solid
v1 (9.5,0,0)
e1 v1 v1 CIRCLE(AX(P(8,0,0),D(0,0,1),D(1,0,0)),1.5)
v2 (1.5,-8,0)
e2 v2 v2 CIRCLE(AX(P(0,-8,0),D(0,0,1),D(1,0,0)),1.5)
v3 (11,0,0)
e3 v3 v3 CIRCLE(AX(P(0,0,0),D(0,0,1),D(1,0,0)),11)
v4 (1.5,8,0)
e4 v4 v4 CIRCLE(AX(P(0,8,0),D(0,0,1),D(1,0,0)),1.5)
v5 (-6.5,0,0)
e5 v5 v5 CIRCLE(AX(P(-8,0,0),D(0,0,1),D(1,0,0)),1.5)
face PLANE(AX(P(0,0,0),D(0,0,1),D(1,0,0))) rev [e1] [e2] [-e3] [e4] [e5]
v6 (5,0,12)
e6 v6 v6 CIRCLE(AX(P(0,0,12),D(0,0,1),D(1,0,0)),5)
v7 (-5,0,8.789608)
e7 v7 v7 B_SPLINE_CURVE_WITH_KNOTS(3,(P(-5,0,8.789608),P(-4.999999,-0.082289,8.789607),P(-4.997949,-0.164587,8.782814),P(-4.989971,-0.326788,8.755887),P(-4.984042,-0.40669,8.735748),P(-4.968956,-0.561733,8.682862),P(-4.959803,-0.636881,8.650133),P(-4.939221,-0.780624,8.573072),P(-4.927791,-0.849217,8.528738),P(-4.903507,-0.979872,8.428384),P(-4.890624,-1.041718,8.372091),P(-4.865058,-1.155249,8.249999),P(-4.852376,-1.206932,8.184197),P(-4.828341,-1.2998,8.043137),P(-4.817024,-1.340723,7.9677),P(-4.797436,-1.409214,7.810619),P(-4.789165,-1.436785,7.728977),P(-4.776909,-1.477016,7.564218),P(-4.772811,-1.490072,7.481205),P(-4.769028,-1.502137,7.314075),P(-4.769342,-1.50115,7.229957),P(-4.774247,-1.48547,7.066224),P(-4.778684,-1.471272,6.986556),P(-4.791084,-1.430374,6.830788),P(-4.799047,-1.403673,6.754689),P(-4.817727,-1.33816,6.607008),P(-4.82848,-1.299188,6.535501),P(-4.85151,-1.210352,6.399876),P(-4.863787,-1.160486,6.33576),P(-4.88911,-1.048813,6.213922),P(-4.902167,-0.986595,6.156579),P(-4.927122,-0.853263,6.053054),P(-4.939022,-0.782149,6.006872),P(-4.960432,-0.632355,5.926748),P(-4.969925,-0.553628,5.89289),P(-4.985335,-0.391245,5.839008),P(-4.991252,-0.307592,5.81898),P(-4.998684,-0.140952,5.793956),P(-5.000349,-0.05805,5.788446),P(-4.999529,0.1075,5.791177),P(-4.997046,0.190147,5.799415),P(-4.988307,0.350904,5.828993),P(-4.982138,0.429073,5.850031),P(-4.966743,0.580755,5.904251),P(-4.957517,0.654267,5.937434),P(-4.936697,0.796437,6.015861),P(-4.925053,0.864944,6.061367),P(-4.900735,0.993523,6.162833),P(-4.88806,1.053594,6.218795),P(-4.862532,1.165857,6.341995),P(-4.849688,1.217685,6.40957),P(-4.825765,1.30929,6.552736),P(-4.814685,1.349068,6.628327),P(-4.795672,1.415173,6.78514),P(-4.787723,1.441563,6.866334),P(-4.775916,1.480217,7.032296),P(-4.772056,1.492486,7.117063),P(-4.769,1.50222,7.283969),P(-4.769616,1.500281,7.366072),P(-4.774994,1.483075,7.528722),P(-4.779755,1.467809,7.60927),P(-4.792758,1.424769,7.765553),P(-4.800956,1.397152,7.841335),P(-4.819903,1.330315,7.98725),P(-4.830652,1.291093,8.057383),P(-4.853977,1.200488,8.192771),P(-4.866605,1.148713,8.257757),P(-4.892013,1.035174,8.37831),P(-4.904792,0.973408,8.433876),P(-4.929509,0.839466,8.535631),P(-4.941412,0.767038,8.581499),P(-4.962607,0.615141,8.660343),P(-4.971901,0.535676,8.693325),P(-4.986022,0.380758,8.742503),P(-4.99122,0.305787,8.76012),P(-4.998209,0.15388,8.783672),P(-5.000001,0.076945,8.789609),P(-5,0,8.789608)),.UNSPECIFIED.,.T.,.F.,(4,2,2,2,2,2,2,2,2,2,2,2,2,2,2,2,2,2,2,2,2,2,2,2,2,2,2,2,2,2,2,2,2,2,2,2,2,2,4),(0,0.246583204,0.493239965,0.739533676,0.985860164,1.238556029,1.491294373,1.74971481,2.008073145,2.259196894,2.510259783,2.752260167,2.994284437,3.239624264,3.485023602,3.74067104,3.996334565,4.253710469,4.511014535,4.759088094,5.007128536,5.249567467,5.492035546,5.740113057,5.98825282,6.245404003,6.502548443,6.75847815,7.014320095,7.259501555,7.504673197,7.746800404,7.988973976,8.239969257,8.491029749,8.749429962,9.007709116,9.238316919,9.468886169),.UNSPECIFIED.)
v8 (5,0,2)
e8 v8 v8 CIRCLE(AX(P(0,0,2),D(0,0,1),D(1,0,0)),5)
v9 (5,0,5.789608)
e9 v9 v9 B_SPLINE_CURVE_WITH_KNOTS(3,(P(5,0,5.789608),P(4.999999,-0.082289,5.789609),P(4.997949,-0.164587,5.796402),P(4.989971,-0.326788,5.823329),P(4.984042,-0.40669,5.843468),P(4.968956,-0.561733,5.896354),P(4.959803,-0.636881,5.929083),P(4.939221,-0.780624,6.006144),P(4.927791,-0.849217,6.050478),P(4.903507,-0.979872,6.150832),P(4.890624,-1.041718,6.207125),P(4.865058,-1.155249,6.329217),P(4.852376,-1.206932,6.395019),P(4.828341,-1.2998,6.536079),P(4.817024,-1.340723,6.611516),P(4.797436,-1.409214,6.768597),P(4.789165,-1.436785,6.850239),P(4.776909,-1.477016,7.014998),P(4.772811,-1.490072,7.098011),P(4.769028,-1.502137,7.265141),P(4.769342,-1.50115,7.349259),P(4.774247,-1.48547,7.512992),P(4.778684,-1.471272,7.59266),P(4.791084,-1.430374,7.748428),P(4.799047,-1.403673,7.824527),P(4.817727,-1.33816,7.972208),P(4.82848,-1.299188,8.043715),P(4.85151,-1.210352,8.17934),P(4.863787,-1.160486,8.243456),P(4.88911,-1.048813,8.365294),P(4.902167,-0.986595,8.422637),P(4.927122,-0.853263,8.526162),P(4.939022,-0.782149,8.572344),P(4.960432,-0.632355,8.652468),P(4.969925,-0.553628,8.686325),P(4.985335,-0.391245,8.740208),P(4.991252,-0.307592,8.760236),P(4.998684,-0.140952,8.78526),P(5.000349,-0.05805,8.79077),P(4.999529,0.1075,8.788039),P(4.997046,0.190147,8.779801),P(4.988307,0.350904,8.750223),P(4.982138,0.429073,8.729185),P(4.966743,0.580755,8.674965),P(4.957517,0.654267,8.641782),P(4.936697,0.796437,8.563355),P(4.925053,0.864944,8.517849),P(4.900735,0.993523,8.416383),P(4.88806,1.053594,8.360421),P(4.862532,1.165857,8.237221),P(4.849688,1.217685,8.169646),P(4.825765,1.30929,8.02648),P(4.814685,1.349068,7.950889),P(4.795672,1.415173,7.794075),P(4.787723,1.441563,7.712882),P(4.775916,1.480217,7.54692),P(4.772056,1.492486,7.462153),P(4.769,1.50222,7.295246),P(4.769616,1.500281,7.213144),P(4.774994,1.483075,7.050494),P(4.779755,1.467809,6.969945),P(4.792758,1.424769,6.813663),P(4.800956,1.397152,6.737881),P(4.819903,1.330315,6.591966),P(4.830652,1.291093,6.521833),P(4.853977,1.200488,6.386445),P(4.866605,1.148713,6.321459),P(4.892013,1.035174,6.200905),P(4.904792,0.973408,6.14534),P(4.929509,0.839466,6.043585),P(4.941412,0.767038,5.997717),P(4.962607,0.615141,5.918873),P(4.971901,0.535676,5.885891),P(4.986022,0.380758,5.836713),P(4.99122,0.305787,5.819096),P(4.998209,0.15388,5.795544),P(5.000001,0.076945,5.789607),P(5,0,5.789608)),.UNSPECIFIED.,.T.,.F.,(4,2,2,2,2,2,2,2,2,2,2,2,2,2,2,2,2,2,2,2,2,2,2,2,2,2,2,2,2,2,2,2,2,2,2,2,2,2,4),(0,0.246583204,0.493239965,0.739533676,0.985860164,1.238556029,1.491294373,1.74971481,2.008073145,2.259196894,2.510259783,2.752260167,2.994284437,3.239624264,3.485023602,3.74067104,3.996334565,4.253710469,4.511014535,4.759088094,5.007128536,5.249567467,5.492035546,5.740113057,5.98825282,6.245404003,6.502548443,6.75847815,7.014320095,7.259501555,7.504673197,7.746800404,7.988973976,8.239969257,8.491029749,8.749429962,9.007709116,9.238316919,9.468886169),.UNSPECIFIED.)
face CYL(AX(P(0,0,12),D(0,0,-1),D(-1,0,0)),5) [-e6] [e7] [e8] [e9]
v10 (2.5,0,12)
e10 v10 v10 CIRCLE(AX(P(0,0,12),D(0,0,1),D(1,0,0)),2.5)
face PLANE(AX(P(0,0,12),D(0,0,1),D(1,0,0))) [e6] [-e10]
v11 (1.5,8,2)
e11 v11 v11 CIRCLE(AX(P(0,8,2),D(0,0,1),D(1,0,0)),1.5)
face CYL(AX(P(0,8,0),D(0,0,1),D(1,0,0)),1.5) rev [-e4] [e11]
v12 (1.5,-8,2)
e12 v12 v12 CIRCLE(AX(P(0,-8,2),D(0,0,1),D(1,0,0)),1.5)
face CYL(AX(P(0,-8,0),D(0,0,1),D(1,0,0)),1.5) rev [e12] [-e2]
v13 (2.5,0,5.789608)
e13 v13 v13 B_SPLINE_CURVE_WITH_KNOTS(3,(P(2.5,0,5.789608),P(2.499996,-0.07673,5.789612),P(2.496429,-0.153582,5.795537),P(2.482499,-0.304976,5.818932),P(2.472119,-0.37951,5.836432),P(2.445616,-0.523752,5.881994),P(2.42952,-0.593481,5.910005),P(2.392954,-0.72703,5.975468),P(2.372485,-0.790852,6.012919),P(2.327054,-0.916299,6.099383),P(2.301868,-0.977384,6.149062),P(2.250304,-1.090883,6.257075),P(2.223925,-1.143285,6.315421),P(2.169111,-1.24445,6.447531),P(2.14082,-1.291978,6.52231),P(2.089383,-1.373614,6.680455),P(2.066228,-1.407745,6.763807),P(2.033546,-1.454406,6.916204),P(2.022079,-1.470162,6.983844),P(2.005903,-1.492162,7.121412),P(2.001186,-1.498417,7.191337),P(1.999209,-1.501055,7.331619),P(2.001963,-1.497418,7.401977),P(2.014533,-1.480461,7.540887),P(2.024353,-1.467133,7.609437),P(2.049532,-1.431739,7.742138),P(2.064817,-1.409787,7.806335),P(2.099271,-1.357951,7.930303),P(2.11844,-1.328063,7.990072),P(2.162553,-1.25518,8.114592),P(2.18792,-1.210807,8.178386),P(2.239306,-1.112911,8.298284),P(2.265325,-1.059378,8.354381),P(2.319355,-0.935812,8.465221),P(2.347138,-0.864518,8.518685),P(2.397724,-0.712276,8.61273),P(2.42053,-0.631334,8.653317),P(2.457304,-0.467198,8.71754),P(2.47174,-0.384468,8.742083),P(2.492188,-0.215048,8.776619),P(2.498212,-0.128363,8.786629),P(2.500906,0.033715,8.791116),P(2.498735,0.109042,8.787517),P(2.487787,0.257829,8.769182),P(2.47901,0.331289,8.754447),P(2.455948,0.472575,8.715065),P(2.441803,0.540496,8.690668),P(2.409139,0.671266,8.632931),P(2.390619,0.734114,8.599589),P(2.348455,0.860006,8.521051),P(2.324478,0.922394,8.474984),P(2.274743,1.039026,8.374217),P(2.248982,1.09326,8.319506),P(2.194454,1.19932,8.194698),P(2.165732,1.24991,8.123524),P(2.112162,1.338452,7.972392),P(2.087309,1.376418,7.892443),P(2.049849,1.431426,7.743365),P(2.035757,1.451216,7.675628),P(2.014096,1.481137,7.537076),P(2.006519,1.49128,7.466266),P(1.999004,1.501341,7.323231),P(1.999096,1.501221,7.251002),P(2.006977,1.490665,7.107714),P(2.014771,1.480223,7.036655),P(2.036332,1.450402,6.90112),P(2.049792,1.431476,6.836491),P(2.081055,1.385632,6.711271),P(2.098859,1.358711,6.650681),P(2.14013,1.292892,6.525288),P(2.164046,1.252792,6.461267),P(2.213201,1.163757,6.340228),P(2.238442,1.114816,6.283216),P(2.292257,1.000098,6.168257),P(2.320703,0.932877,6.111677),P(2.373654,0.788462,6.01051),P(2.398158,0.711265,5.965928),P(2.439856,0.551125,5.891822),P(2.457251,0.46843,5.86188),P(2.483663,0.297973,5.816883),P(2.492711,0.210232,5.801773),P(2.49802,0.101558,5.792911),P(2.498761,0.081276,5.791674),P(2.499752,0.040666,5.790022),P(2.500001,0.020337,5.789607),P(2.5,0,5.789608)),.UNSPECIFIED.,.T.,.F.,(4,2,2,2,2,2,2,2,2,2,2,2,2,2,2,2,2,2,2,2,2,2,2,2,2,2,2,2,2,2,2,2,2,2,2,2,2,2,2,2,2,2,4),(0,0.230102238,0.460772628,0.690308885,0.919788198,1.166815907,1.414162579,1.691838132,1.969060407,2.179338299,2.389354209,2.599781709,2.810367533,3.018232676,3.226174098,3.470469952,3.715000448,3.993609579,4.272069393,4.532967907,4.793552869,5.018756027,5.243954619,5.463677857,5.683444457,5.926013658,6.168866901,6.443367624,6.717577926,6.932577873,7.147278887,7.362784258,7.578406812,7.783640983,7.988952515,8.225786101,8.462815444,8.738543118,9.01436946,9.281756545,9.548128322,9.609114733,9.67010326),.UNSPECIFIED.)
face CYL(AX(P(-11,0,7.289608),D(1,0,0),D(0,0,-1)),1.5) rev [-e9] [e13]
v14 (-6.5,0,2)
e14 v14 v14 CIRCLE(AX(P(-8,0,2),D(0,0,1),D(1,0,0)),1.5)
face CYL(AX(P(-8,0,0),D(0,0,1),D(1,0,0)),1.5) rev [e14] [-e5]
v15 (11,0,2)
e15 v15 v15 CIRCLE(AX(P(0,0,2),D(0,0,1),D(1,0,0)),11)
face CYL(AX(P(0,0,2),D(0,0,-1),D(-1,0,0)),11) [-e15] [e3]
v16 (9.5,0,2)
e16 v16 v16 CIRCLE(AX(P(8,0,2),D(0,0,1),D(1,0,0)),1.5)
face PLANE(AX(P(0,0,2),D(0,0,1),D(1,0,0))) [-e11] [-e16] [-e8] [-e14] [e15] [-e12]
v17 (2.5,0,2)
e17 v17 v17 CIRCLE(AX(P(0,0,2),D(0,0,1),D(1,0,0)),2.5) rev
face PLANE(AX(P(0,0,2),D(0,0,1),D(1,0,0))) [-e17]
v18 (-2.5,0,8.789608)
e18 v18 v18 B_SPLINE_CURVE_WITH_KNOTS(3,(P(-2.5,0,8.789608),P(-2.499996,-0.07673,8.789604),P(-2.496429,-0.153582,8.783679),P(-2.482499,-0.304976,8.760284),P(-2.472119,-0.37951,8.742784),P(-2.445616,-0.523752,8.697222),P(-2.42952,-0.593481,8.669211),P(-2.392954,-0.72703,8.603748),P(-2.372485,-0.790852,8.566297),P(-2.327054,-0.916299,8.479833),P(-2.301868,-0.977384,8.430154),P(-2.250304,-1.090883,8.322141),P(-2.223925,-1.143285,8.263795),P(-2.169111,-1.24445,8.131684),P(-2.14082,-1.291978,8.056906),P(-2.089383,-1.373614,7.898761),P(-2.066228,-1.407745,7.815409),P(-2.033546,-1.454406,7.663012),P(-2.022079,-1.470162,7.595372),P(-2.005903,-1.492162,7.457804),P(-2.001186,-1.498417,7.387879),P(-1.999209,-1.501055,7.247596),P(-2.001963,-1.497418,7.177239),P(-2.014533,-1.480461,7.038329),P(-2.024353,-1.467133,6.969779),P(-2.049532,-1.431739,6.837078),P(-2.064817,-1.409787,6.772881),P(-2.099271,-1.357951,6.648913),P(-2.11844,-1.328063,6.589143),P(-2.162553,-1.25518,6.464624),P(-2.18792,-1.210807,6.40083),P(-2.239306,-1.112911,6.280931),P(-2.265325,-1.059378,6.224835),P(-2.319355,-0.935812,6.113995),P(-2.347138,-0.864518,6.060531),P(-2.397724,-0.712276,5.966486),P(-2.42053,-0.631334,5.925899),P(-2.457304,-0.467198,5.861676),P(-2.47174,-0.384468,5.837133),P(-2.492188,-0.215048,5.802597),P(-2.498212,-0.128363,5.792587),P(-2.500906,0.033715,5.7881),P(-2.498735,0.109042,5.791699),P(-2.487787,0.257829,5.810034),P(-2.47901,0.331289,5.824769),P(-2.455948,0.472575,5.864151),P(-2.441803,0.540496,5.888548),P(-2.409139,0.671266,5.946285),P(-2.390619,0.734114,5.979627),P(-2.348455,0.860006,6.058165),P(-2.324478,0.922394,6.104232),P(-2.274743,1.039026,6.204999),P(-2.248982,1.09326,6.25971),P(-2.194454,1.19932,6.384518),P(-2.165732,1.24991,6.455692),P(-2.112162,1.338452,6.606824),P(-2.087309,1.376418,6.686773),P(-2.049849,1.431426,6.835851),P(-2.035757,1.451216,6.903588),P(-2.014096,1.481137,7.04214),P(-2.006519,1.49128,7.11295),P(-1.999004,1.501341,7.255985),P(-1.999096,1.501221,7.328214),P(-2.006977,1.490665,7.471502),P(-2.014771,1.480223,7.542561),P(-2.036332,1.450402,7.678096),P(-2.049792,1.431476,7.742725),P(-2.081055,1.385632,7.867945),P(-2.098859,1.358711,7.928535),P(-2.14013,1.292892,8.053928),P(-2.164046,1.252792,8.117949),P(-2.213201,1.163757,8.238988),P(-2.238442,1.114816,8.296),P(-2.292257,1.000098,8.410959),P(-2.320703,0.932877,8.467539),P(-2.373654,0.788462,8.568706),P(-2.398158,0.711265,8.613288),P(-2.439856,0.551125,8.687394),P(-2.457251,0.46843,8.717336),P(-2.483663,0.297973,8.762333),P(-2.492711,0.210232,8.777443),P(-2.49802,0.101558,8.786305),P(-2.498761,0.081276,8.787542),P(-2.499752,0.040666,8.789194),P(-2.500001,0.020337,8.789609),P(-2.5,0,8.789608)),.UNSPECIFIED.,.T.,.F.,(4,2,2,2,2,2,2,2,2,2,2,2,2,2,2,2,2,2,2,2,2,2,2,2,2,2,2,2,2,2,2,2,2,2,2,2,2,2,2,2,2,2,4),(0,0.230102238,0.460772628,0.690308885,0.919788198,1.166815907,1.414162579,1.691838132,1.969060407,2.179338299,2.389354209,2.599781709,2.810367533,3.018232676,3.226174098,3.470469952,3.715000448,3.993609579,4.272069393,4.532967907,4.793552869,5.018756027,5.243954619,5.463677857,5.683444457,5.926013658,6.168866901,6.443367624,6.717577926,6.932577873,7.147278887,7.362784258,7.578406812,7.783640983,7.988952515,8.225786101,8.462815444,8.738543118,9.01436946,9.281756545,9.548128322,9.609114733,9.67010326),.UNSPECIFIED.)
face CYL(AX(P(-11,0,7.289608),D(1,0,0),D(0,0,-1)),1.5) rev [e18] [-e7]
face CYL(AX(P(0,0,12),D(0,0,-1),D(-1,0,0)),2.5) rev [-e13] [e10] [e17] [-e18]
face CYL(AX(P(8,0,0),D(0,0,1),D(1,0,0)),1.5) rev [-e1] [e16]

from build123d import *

# Parameters (mm, degrees)
SKETCH_1_R               = 11
EXTRUDE_1_DEPTH          = 2
SKETCH_2_R               = 5
SKETCH_2_R_2             = 2.5
EXTRUDE_2_DEPTH          = 10
SKETCH_3_R               = 1.5
CUT_EXTRUDE_1_DEPTH      = 3
SKETCH_4_R               = 1.5
CUT_EXTRUDE_2_DEPTH      = 12
CUT_EXTRUDE_2_DEPTH_BACK = 12


with BuildPart() as part:
    # 草图1 → 凸台-拉伸1 (new body)
    with BuildSketch(Plane.XY):
        Circle(SKETCH_1_R)
    extrude(amount=EXTRUDE_1_DEPTH)

    # 草图2 → 凸台-拉伸2 (add)
    with BuildSketch(Plane.XY.offset(2)):
        Circle(SKETCH_2_R)
        Circle(SKETCH_2_R_2, mode=Mode.SUBTRACT)
    extrude(amount=EXTRUDE_2_DEPTH)

    # 草图3 → 切除-拉伸1 (cut, through all)
    with BuildSketch(Plane.XY.offset(2)):
        with Locations((0, 8)):
            Circle(SKETCH_3_R)
        with Locations((8, 0)):
            Circle(SKETCH_3_R)
        with Locations((0, -8)):
            Circle(SKETCH_3_R)
        with Locations((-8, 0)):
            Circle(SKETCH_3_R)
    extrude(amount=-CUT_EXTRUDE_1_DEPTH, mode=Mode.SUBTRACT)

    # 草图4 → 切除-拉伸2 (cut, two sides)
    with BuildSketch(Plane(origin=(0, 0, 0), x_dir=(0, 0, -1), z_dir=(1, 0, 0))) as cut_extrude_2_sk:
        with Locations((-7.289607981, 0)):
            Circle(SKETCH_4_R)
    extrude(amount=CUT_EXTRUDE_2_DEPTH, mode=Mode.SUBTRACT)
    extrude(cut_extrude_2_sk.sketch, amount=-CUT_EXTRUDE_2_DEPTH_BACK, mode=Mode.SUBTRACT)


solid = part.part
